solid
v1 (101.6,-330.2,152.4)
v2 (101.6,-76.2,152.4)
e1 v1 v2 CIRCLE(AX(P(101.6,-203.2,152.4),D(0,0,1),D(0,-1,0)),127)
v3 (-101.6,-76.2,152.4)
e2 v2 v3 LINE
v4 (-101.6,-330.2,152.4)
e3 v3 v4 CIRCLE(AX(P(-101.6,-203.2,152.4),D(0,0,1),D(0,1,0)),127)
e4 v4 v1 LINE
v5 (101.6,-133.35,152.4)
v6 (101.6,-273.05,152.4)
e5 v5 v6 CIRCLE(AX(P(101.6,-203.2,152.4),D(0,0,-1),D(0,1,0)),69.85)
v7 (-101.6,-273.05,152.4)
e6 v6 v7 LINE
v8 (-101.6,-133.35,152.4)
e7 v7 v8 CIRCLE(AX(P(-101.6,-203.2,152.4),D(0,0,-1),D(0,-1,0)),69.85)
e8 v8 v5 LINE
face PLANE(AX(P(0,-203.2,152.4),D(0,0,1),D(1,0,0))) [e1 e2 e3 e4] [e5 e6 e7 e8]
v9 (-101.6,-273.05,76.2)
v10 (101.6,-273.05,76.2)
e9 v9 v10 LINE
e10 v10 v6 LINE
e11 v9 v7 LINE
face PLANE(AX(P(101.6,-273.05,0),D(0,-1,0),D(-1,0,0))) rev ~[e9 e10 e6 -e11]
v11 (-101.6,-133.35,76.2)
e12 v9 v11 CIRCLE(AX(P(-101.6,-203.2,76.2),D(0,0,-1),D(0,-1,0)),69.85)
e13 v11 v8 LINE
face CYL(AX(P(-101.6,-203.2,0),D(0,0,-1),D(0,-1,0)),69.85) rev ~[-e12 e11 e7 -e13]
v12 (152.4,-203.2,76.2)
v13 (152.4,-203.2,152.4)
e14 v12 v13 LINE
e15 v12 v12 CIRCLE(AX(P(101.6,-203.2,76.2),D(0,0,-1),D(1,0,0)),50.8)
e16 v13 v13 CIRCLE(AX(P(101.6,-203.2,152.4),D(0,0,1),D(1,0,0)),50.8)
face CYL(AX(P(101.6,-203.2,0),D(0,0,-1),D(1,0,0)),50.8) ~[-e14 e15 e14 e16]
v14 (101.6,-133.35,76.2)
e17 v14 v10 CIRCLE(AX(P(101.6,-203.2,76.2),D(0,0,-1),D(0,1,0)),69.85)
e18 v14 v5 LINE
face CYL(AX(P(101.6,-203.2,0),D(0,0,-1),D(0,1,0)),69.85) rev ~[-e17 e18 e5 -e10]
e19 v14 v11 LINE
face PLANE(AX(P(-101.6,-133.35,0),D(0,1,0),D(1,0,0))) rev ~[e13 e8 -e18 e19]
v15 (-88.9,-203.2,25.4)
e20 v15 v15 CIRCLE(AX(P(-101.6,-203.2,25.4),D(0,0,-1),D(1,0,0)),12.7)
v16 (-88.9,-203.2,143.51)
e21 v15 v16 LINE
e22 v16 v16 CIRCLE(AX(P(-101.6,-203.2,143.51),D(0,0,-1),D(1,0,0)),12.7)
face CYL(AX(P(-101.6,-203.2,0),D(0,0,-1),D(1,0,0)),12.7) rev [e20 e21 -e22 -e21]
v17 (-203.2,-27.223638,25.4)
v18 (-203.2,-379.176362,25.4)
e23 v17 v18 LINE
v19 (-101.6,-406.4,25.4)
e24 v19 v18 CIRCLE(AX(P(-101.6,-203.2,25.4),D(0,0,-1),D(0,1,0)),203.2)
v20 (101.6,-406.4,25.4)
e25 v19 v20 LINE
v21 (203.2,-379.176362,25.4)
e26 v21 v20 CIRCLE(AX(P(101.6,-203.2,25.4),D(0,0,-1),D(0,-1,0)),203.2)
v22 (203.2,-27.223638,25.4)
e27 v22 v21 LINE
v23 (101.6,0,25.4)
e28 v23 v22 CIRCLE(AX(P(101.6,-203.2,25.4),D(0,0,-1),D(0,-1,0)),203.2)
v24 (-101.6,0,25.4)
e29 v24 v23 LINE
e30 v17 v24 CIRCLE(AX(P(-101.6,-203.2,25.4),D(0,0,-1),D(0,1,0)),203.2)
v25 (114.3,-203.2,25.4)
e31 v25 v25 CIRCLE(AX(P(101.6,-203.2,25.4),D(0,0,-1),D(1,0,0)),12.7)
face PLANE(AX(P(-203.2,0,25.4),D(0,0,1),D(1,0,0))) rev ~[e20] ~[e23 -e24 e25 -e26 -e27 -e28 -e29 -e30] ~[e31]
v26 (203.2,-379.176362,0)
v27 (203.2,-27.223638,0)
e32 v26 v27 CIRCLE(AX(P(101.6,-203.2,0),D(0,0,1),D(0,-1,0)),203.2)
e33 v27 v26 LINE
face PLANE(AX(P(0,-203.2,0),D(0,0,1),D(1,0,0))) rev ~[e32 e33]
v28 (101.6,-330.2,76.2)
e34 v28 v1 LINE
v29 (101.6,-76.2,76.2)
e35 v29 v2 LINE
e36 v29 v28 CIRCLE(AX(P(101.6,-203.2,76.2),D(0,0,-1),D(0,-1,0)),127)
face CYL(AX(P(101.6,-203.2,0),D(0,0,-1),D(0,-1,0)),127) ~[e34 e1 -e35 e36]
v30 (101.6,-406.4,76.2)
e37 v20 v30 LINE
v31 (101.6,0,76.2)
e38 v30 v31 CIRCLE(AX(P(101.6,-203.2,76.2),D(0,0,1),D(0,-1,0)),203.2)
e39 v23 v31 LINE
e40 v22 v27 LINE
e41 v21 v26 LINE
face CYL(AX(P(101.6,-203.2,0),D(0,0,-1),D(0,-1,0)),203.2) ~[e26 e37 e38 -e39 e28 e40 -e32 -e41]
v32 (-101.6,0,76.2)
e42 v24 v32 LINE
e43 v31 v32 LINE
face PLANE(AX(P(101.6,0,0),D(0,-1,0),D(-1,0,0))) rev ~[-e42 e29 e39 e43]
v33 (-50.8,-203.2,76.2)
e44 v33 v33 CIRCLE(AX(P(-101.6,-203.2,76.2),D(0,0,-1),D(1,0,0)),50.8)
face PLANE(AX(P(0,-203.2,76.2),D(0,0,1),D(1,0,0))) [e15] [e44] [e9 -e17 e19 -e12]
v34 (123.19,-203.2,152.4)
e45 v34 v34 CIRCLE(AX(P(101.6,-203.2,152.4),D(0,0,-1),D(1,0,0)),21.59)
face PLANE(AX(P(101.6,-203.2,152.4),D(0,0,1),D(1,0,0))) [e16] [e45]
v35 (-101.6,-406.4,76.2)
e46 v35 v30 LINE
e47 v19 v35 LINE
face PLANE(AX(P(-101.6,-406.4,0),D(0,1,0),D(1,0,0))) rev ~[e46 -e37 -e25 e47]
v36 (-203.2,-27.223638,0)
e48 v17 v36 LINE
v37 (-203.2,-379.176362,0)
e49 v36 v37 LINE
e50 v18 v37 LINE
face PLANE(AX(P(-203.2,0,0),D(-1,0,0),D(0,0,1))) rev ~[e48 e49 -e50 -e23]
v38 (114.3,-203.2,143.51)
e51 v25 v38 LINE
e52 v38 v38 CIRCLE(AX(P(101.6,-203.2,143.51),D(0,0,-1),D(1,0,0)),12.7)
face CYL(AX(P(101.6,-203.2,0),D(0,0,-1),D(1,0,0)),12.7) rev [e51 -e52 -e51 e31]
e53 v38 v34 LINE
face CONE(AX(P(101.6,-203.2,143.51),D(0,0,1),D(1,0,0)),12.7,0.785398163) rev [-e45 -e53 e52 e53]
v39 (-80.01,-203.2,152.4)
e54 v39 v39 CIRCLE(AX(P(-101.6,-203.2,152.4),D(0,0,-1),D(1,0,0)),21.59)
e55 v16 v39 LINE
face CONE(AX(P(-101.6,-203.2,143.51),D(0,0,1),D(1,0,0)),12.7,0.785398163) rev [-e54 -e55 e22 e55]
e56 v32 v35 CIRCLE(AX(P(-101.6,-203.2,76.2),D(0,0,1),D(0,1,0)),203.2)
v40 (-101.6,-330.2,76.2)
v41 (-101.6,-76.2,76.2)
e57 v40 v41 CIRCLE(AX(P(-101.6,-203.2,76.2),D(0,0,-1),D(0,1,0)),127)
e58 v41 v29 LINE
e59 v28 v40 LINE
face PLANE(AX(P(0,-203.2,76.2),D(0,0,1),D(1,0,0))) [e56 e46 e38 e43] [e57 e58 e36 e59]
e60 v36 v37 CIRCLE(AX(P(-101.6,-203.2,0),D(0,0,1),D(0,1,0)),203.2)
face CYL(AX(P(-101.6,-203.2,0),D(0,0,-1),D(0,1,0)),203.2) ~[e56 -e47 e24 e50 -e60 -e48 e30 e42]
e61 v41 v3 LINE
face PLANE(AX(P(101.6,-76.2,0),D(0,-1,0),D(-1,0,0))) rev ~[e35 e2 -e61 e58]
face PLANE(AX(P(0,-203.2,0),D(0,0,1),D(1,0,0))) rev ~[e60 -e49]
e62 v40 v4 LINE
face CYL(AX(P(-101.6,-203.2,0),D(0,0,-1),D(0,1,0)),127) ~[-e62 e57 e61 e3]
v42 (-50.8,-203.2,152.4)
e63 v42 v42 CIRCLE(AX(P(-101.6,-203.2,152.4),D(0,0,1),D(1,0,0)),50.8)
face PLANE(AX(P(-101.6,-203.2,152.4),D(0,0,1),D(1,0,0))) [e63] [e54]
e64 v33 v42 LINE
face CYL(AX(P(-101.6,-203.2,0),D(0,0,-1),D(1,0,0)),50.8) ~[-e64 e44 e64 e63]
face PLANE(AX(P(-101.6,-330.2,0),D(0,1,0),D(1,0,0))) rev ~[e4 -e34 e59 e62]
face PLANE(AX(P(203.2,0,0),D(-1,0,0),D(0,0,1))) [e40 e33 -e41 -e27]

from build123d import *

# Parameters (mm, degrees)
F0_R     = 50.8
F0_R_2   = 25.4
F0_R_3   = 12.7
F2_DEPTH = 76.2
F3_DEPTH = 152.4
F4_DEPTH = 281.178
F5_SIZE  = 8.89
F1_W     = 406.4
F1_H     = 25.4
F6_DEPTH = 715.518


with BuildPart() as f2:
    # F0 (on Top) → F2 (new body)
    with BuildSketch(Plane.XY):
        with BuildLine():
            Line((101.6, 0), (-101.6, 0))
            ThreePointArc((-101.6, 0), (-304.8, -203.2), (-101.6, -406.4))
            Line((-101.6, -406.4), (101.6, -406.4))
            ThreePointArc((101.6, -406.4), (304.8, -203.2), (101.6, 0))
        make_face()
        with BuildLine():
            ThreePointArc((-101.6, -330.2), (-228.6, -203.2), (-101.6, -76.2))
            Line((-101.6, -76.2), (101.6, -76.2))
            ThreePointArc((101.6, -76.2), (228.6, -203.2), (101.6, -330.2))
            Line((101.6, -330.2), (-101.6, -330.2))
        make_face(mode=Mode.SUBTRACT)
        with BuildLine():
            Line((101.6, -76.2), (-101.6, -76.2))
            ThreePointArc((-101.6, -76.2), (-228.6, -203.2), (-101.6, -330.2))
            Line((-101.6, -330.2), (101.6, -330.2))
            ThreePointArc((101.6, -330.2), (228.6, -203.2), (101.6, -76.2))
        make_face()
        with BuildLine():
            ThreePointArc((101.6, -133.35), (171.45, -203.2), (101.6, -273.05))
            Line((101.6, -273.05), (-101.6, -273.05))
            ThreePointArc((-101.6, -273.05), (-171.45, -203.2), (-101.6, -133.35))
            Line((-101.6, -133.35), (101.6, -133.35))
        make_face(mode=Mode.SUBTRACT)
        with BuildLine():
            Line((-101.6, -273.05), (101.6, -273.05))
            ThreePointArc((101.6, -273.05), (171.45, -203.2), (101.6, -133.35))
            Line((101.6, -133.35), (-101.6, -133.35))
            ThreePointArc((-101.6, -133.35), (-171.45, -203.2), (-101.6, -273.05))
        make_face()
        with Locations((-101.6, -203.2)):
            Circle(F0_R, mode=Mode.SUBTRACT)
        with Locations((101.6, -203.2)):
            Circle(F0_R, mode=Mode.SUBTRACT)
        with Locations((101.6, -203.2)):
            Circle(F0_R)
        with Locations((101.6, -203.2)):
            Circle(F0_R_2, mode=Mode.SUBTRACT)
        with Locations((-101.6, -203.2)):
            Circle(F0_R)
        with Locations((-101.6, -203.2)):
            Circle(F0_R_2, mode=Mode.SUBTRACT)
        with Locations((101.6, -203.2)):
            Circle(F0_R_2)
        with Locations((101.6, -203.2)):
            Circle(F0_R_3, mode=Mode.SUBTRACT)
        with Locations((-101.6, -203.2)):
            Circle(F0_R_2)
        with Locations((-101.6, -203.2)):
            Circle(F0_R_3, mode=Mode.SUBTRACT)
        with Locations((101.6, -203.2)):
            Circle(F0_R_3)
        with Locations((-101.6, -203.2)):
            Circle(F0_R_3)
    extrude(amount=F2_DEPTH)

    # F0 (on Top) → F3 (join)
    with BuildSketch(Plane.XY):
        with BuildLine():
            Line((101.6, -76.2), (-101.6, -76.2))
            ThreePointArc((-101.6, -76.2), (-228.6, -203.2), (-101.6, -330.2))
            Line((-101.6, -330.2), (101.6, -330.2))
            ThreePointArc((101.6, -330.2), (228.6, -203.2), (101.6, -76.2))
        make_face()
        with BuildLine():
            ThreePointArc((101.6, -133.35), (171.45, -203.2), (101.6, -273.05))
            Line((101.6, -273.05), (-101.6, -273.05))
            ThreePointArc((-101.6, -273.05), (-171.45, -203.2), (-101.6, -133.35))
            Line((-101.6, -133.35), (101.6, -133.35))
        make_face(mode=Mode.SUBTRACT)
        with Locations((101.6, -203.2)):
            Circle(F0_R)
        with Locations((101.6, -203.2)):
            Circle(F0_R_2, mode=Mode.SUBTRACT)
        with Locations((-101.6, -203.2)):
            Circle(F0_R)
        with Locations((-101.6, -203.2)):
            Circle(F0_R_2, mode=Mode.SUBTRACT)
        with Locations((101.6, -203.2)):
            Circle(F0_R_2)
        with Locations((101.6, -203.2)):
            Circle(F0_R_3, mode=Mode.SUBTRACT)
        with Locations((-101.6, -203.2)):
            Circle(F0_R_2)
        with Locations((-101.6, -203.2)):
            Circle(F0_R_3, mode=Mode.SUBTRACT)
        with Locations((101.6, -203.2)):
            Circle(F0_R_3)
        with Locations((-101.6, -203.2)):
            Circle(F0_R_3)
    extrude(amount=F3_DEPTH)

    # F0 (on Top) → F4 (cut)
    with BuildSketch(Plane.XY):
        with Locations((101.6, -203.2)):
            Circle(F0_R_3)
        with Locations((-101.6, -203.2)):
            Circle(F0_R_3)
    extrude(amount=F4_DEPTH, mode=Mode.SUBTRACT)

    # F5
    f5_edges = [f2.edges().sort_by_distance(p)[0] for p in [
        (88.9, -203.2, 0),
        (114.3, -203.2, 76.2),
        (88.9, -203.2, 152.4),
        (-114.3, -203.2, 0),
        (-88.9, -203.2, 76.2),
        (-114.3, -203.2, 152.4),
    ]]
    chamfer(f5_edges, length=F5_SIZE)

    # F1 (on Front) → F6 (cut)
    with BuildSketch(Plane.XZ):
        with Locations((0, 12.7)):
            Rectangle(F1_W, F1_H)
    extrude(amount=F6_DEPTH, mode=Mode.SUBTRACT)


solid = f2.part
